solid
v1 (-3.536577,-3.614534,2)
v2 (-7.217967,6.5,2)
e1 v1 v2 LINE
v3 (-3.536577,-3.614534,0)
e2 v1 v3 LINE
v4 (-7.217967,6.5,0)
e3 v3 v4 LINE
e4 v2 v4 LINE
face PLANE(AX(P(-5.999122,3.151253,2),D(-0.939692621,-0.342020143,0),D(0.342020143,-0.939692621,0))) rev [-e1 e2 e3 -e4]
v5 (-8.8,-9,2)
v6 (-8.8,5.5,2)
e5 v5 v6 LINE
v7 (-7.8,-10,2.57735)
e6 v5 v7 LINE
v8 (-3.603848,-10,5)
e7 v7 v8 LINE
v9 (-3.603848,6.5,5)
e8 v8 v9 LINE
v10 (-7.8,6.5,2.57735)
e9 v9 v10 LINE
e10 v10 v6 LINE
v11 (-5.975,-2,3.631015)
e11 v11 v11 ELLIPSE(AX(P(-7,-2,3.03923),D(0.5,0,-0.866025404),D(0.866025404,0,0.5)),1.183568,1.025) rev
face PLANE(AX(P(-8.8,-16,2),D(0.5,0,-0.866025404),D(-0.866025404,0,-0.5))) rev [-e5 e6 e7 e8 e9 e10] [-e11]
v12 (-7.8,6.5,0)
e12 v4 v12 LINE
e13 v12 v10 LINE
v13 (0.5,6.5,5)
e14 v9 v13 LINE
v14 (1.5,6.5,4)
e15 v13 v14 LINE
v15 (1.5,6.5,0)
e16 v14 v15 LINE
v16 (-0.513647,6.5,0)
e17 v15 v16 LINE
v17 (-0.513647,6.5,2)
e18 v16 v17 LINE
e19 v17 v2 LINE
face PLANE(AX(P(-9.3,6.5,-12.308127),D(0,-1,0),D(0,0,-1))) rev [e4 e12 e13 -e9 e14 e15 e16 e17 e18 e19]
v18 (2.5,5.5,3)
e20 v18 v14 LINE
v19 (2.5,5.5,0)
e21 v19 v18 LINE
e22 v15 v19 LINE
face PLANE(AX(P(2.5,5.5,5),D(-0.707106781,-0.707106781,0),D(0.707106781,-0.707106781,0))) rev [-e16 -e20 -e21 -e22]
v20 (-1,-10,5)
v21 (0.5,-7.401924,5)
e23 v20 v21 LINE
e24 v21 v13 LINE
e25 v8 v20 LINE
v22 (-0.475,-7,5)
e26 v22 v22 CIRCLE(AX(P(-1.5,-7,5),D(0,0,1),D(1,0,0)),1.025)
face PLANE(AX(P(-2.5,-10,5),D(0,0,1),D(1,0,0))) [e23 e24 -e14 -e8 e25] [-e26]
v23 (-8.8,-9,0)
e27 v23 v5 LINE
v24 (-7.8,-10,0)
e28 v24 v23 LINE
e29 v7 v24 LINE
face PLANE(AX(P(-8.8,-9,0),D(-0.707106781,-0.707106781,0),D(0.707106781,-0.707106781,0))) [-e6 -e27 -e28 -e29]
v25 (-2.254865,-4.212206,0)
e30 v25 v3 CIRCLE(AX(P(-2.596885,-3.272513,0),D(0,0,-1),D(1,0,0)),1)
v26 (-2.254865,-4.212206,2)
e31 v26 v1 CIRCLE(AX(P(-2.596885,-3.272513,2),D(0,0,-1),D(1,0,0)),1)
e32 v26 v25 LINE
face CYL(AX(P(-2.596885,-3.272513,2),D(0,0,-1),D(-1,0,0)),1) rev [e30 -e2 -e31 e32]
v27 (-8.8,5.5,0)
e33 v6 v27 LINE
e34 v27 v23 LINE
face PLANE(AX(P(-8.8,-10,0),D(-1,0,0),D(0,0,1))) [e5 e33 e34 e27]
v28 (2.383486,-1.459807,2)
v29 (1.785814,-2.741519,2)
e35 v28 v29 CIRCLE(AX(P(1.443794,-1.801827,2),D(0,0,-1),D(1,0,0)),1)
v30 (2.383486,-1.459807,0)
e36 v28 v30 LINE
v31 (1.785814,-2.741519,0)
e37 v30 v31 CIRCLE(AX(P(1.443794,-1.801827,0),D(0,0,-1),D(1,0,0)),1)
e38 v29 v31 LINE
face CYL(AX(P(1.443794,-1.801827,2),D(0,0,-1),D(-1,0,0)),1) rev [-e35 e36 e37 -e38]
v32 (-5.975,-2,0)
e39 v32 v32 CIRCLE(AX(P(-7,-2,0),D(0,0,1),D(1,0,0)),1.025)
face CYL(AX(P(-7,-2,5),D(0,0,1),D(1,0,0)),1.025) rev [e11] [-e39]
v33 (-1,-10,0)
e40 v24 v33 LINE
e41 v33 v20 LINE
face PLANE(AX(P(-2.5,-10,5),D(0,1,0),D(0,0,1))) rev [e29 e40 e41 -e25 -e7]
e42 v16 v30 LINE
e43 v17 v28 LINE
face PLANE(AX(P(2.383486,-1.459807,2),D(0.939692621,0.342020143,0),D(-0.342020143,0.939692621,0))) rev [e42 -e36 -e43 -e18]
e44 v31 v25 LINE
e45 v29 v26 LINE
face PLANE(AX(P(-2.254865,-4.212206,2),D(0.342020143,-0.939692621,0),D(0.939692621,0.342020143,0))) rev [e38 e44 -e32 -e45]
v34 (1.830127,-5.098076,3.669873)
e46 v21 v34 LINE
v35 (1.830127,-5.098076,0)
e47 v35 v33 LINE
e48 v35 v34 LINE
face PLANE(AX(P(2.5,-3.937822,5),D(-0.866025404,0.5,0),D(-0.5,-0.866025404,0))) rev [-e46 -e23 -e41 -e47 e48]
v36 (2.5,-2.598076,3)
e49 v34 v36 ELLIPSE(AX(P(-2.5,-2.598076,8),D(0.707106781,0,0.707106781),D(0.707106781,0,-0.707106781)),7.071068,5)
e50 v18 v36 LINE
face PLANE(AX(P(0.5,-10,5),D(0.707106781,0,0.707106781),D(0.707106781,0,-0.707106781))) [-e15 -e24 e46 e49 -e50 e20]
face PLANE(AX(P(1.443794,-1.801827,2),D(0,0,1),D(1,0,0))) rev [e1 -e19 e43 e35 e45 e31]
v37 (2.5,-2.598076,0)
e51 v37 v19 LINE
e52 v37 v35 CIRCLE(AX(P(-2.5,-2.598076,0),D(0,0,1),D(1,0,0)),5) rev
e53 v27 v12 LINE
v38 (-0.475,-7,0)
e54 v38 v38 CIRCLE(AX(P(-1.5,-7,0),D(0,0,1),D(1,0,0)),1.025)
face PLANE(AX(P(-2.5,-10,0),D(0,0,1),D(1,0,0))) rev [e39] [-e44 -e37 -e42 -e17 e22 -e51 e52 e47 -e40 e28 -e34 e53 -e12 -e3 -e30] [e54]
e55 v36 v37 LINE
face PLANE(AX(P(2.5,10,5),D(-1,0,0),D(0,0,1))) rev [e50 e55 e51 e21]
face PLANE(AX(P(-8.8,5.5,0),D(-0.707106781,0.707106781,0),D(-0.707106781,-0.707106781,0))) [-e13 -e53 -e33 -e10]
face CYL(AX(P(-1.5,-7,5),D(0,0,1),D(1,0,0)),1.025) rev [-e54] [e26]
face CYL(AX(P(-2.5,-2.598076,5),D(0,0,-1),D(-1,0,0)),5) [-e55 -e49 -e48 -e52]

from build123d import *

# Parameters (mm, degrees)
SKETCH_1_W              = 5
SKETCH_1_H              = 20
EXTRUDE_1_DEPTH         = 5
SKETCH1_W               = 5
SKETCH1_H               = 20
EXTRUDE1_DEPTH          = 6.8
M2_5_TAPPED_HOLE1_D     = 2.05
M2_5_TAPPED_HOLE1_DEPTH = 6.35
M2_5_TAPPED_HOLE1_TIP   = 0.615882135
EXTRUDE2_DEPTH          = 2
CHAMFER1_SIZE           = 2
EXTRUDE3_START          = -5
SKETCH3_W               = 11.8
SKETCH3_H               = 3.5
EXTRUDE3_DEPTH          = 5
EXTRUDE4_DEPTH          = 2
CHAMFER2_SIZE           = 1
CHAMFER4_SIZE           = 3.5
CHAMFER4_SIZE2          = 6.062177826
SKETCH8_W               = 1
SKETCH8_H               = 16.5
EXTRUDE6_DEPTH          = 10
SKETCH11_W              = 5
SKETCH11_H              = 16.5
EXTRUDE8_DEPTH          = 0.5
EXTRUDE7_REACH          = 21.357
CHAMFER7_SIZE           = 1
FILLET1_R               = 5


with BuildPart() as part:
    # 草图1 → 拉伸1 (new body)
    with BuildSketch(Plane.XY):
        Rectangle(SKETCH_1_W, SKETCH_1_H)
    extrude(amount=EXTRUDE_1_DEPTH)

    # Sketch1 → Extrude1 (add)
    with BuildSketch(Plane.ZY.offset(2.5)):
        with Locations((2.5, 0)):
            Rectangle(SKETCH1_W, SKETCH1_H)
    extrude(amount=EXTRUDE1_DEPTH)

    # M2.5 Tapped Hole1
    with Locations(Plane(origin=(-1.5, -7, 5), x_dir=(1, 0, 0), z_dir=(0, 0, 1))):
        with Locations((0, 0), (-5.5, 5)):
            Hole(M2_5_TAPPED_HOLE1_D / 2, depth=M2_5_TAPPED_HOLE1_DEPTH)
            with Locations((0, 0, -(M2_5_TAPPED_HOLE1_DEPTH + M2_5_TAPPED_HOLE1_TIP / 2))):  # 118° drill point
                Cone(0, M2_5_TAPPED_HOLE1_D / 2, M2_5_TAPPED_HOLE1_TIP, mode=Mode.SUBTRACT)

    # Sketch2 → Extrude2 (cut)
    with BuildSketch(Plane(origin=(0, 0, 0), x_dir=(-1, 0, 0), z_dir=(0, 0, -1))):
        with BuildLine():
            Line((-2.383486142, -1.459806625), (0.079058889, 5.305980245))
            ThreePointArc((0.079058889, 5.305980245), (0.596133249, 5.870267889), (1.360771654, 5.903652722))
            Line((1.360771654, 5.903652722), (5.401449923, 4.432966106))
            ThreePointArc((5.401449923, 4.432966106), (5.965737567, 3.915891747), (5.9991224, 3.151253342))
            Line((5.9991224, 3.151253342), (3.536577368, -3.614533528))
            ThreePointArc((3.536577368, -3.614533528), (3.019503009, -4.178821171), (2.254864604, -4.212206005))
            Line((2.254864604, -4.212206005), (-1.785813665, -2.741519389))
            ThreePointArc((-1.785813665, -2.741519389), (-2.350101309, -2.22444503), (-2.383486142, -1.459806625))
        make_face()
    extrude(amount=-EXTRUDE2_DEPTH, mode=Mode.SUBTRACT)

    # Chamfer1
    chamfer1_edges = [part.edges().sort_by_distance(p)[0] for p in [
        (2.5, 0, 5),
    ]]
    chamfer(chamfer1_edges, length=CHAMFER1_SIZE)

    # Sketch3 → Extrude3 (cut)
    with BuildSketch(Plane.XY.offset(5).offset(EXTRUDE3_START)):
        with Locations((-3.4, 8.25)):
            Rectangle(SKETCH3_W, SKETCH3_H)
    extrude(amount=EXTRUDE3_DEPTH, mode=Mode.SUBTRACT)

    # Sketch4 → Extrude4 (cut)
    with BuildSketch(Plane(origin=(0, 0, 0), x_dir=(-1, 0, 0), z_dir=(0, 0, -1))):
        Polygon((-0.262961254, 4.366287624), (1.447139463, 9.064750728), (7.367202974, 6.910023825), (5.657102257, 2.211560721), align=None)
    extrude(amount=-EXTRUDE4_DEPTH, mode=Mode.SUBTRACT)

    # Chamfer2
    chamfer2_edges = [part.edges().sort_by_distance(p)[0] for p in [
        (-9.3, 6.5, 2.5),
    ]]
    chamfer(chamfer2_edges, length=CHAMFER2_SIZE)

    # Chamfer4
    chamfer4_edges = [part.edges().sort_by_distance(p)[0] for p in [
        (2.5, -10, 1.5),
    ]]
    chamfer4_side = [part.faces().sort_by_distance(p)[0] for p in [
        (-3.583625731, -10, 2.435672515),
    ]]
    chamfer(chamfer4_edges, length=CHAMFER4_SIZE, length2=CHAMFER4_SIZE2, reference=chamfer4_side[0])

    # Sketch8 → Extrude6 (cut)
    with BuildSketch(Plane.XY.offset(5)):
        with Locations((-8.8, -1.75)):
            Rectangle(SKETCH8_W, SKETCH8_H)
    extrude(amount=-EXTRUDE6_DEPTH, mode=Mode.SUBTRACT)

    # Sketch11 → Extrude8 (add)
    with BuildSketch(Plane.ZY.offset(8.3)):
        with Locations((2.5, -1.75)):
            Rectangle(SKETCH11_W, SKETCH11_H)
    extrude(amount=EXTRUDE8_DEPTH)

    # Extrude7: up to this face of the body (flat: up to its plane)
    extrude7_end = Plane(part.part.faces().sort_by_distance((-4.9, -10, 2.5))[0])
    # Sketch10 → Extrude7 (cut, up to the picked face)
    with BuildSketch(Plane(origin=(0, 6.5, 0), x_dir=(1, 0, 0), z_dir=(0, 1, 0)), mode=Mode.PRIVATE) as extrude7_sk1:
        Polygon((-8.8, -2), (-3.603847577, -5), (-8.8, -5), align=None)
    extrude7_tool1 = split(extrude(extrude7_sk1.sketch, amount=-EXTRUDE7_REACH, mode=Mode.PRIVATE), bisect_by=extrude7_end, keep=Keep.BOTH, mode=Mode.PRIVATE)
    add(extrude7_tool1.solids().sort_by(Axis((-7.067949, 6.5, 4), (0, -1, 0)))[0], mode=Mode.SUBTRACT)

    # Chamfer7
    chamfer7_edges = [part.edges().sort_by_distance(p)[0] for p in [
        (-8.8, -10, 1),
        (-8.8, 6.5, 1),
        (2.5, 6.5, 1.5),
    ]]
    chamfer(chamfer7_edges, length=CHAMFER7_SIZE)

    # Fillet1
    fillet1_edges = [part.edges().sort_by_distance(p)[0] for p in [
        (2.5, -3.937822174, 1.5),
    ]]
    fillet(fillet1_edges, radius=FILLET1_R)


solid = part.part
